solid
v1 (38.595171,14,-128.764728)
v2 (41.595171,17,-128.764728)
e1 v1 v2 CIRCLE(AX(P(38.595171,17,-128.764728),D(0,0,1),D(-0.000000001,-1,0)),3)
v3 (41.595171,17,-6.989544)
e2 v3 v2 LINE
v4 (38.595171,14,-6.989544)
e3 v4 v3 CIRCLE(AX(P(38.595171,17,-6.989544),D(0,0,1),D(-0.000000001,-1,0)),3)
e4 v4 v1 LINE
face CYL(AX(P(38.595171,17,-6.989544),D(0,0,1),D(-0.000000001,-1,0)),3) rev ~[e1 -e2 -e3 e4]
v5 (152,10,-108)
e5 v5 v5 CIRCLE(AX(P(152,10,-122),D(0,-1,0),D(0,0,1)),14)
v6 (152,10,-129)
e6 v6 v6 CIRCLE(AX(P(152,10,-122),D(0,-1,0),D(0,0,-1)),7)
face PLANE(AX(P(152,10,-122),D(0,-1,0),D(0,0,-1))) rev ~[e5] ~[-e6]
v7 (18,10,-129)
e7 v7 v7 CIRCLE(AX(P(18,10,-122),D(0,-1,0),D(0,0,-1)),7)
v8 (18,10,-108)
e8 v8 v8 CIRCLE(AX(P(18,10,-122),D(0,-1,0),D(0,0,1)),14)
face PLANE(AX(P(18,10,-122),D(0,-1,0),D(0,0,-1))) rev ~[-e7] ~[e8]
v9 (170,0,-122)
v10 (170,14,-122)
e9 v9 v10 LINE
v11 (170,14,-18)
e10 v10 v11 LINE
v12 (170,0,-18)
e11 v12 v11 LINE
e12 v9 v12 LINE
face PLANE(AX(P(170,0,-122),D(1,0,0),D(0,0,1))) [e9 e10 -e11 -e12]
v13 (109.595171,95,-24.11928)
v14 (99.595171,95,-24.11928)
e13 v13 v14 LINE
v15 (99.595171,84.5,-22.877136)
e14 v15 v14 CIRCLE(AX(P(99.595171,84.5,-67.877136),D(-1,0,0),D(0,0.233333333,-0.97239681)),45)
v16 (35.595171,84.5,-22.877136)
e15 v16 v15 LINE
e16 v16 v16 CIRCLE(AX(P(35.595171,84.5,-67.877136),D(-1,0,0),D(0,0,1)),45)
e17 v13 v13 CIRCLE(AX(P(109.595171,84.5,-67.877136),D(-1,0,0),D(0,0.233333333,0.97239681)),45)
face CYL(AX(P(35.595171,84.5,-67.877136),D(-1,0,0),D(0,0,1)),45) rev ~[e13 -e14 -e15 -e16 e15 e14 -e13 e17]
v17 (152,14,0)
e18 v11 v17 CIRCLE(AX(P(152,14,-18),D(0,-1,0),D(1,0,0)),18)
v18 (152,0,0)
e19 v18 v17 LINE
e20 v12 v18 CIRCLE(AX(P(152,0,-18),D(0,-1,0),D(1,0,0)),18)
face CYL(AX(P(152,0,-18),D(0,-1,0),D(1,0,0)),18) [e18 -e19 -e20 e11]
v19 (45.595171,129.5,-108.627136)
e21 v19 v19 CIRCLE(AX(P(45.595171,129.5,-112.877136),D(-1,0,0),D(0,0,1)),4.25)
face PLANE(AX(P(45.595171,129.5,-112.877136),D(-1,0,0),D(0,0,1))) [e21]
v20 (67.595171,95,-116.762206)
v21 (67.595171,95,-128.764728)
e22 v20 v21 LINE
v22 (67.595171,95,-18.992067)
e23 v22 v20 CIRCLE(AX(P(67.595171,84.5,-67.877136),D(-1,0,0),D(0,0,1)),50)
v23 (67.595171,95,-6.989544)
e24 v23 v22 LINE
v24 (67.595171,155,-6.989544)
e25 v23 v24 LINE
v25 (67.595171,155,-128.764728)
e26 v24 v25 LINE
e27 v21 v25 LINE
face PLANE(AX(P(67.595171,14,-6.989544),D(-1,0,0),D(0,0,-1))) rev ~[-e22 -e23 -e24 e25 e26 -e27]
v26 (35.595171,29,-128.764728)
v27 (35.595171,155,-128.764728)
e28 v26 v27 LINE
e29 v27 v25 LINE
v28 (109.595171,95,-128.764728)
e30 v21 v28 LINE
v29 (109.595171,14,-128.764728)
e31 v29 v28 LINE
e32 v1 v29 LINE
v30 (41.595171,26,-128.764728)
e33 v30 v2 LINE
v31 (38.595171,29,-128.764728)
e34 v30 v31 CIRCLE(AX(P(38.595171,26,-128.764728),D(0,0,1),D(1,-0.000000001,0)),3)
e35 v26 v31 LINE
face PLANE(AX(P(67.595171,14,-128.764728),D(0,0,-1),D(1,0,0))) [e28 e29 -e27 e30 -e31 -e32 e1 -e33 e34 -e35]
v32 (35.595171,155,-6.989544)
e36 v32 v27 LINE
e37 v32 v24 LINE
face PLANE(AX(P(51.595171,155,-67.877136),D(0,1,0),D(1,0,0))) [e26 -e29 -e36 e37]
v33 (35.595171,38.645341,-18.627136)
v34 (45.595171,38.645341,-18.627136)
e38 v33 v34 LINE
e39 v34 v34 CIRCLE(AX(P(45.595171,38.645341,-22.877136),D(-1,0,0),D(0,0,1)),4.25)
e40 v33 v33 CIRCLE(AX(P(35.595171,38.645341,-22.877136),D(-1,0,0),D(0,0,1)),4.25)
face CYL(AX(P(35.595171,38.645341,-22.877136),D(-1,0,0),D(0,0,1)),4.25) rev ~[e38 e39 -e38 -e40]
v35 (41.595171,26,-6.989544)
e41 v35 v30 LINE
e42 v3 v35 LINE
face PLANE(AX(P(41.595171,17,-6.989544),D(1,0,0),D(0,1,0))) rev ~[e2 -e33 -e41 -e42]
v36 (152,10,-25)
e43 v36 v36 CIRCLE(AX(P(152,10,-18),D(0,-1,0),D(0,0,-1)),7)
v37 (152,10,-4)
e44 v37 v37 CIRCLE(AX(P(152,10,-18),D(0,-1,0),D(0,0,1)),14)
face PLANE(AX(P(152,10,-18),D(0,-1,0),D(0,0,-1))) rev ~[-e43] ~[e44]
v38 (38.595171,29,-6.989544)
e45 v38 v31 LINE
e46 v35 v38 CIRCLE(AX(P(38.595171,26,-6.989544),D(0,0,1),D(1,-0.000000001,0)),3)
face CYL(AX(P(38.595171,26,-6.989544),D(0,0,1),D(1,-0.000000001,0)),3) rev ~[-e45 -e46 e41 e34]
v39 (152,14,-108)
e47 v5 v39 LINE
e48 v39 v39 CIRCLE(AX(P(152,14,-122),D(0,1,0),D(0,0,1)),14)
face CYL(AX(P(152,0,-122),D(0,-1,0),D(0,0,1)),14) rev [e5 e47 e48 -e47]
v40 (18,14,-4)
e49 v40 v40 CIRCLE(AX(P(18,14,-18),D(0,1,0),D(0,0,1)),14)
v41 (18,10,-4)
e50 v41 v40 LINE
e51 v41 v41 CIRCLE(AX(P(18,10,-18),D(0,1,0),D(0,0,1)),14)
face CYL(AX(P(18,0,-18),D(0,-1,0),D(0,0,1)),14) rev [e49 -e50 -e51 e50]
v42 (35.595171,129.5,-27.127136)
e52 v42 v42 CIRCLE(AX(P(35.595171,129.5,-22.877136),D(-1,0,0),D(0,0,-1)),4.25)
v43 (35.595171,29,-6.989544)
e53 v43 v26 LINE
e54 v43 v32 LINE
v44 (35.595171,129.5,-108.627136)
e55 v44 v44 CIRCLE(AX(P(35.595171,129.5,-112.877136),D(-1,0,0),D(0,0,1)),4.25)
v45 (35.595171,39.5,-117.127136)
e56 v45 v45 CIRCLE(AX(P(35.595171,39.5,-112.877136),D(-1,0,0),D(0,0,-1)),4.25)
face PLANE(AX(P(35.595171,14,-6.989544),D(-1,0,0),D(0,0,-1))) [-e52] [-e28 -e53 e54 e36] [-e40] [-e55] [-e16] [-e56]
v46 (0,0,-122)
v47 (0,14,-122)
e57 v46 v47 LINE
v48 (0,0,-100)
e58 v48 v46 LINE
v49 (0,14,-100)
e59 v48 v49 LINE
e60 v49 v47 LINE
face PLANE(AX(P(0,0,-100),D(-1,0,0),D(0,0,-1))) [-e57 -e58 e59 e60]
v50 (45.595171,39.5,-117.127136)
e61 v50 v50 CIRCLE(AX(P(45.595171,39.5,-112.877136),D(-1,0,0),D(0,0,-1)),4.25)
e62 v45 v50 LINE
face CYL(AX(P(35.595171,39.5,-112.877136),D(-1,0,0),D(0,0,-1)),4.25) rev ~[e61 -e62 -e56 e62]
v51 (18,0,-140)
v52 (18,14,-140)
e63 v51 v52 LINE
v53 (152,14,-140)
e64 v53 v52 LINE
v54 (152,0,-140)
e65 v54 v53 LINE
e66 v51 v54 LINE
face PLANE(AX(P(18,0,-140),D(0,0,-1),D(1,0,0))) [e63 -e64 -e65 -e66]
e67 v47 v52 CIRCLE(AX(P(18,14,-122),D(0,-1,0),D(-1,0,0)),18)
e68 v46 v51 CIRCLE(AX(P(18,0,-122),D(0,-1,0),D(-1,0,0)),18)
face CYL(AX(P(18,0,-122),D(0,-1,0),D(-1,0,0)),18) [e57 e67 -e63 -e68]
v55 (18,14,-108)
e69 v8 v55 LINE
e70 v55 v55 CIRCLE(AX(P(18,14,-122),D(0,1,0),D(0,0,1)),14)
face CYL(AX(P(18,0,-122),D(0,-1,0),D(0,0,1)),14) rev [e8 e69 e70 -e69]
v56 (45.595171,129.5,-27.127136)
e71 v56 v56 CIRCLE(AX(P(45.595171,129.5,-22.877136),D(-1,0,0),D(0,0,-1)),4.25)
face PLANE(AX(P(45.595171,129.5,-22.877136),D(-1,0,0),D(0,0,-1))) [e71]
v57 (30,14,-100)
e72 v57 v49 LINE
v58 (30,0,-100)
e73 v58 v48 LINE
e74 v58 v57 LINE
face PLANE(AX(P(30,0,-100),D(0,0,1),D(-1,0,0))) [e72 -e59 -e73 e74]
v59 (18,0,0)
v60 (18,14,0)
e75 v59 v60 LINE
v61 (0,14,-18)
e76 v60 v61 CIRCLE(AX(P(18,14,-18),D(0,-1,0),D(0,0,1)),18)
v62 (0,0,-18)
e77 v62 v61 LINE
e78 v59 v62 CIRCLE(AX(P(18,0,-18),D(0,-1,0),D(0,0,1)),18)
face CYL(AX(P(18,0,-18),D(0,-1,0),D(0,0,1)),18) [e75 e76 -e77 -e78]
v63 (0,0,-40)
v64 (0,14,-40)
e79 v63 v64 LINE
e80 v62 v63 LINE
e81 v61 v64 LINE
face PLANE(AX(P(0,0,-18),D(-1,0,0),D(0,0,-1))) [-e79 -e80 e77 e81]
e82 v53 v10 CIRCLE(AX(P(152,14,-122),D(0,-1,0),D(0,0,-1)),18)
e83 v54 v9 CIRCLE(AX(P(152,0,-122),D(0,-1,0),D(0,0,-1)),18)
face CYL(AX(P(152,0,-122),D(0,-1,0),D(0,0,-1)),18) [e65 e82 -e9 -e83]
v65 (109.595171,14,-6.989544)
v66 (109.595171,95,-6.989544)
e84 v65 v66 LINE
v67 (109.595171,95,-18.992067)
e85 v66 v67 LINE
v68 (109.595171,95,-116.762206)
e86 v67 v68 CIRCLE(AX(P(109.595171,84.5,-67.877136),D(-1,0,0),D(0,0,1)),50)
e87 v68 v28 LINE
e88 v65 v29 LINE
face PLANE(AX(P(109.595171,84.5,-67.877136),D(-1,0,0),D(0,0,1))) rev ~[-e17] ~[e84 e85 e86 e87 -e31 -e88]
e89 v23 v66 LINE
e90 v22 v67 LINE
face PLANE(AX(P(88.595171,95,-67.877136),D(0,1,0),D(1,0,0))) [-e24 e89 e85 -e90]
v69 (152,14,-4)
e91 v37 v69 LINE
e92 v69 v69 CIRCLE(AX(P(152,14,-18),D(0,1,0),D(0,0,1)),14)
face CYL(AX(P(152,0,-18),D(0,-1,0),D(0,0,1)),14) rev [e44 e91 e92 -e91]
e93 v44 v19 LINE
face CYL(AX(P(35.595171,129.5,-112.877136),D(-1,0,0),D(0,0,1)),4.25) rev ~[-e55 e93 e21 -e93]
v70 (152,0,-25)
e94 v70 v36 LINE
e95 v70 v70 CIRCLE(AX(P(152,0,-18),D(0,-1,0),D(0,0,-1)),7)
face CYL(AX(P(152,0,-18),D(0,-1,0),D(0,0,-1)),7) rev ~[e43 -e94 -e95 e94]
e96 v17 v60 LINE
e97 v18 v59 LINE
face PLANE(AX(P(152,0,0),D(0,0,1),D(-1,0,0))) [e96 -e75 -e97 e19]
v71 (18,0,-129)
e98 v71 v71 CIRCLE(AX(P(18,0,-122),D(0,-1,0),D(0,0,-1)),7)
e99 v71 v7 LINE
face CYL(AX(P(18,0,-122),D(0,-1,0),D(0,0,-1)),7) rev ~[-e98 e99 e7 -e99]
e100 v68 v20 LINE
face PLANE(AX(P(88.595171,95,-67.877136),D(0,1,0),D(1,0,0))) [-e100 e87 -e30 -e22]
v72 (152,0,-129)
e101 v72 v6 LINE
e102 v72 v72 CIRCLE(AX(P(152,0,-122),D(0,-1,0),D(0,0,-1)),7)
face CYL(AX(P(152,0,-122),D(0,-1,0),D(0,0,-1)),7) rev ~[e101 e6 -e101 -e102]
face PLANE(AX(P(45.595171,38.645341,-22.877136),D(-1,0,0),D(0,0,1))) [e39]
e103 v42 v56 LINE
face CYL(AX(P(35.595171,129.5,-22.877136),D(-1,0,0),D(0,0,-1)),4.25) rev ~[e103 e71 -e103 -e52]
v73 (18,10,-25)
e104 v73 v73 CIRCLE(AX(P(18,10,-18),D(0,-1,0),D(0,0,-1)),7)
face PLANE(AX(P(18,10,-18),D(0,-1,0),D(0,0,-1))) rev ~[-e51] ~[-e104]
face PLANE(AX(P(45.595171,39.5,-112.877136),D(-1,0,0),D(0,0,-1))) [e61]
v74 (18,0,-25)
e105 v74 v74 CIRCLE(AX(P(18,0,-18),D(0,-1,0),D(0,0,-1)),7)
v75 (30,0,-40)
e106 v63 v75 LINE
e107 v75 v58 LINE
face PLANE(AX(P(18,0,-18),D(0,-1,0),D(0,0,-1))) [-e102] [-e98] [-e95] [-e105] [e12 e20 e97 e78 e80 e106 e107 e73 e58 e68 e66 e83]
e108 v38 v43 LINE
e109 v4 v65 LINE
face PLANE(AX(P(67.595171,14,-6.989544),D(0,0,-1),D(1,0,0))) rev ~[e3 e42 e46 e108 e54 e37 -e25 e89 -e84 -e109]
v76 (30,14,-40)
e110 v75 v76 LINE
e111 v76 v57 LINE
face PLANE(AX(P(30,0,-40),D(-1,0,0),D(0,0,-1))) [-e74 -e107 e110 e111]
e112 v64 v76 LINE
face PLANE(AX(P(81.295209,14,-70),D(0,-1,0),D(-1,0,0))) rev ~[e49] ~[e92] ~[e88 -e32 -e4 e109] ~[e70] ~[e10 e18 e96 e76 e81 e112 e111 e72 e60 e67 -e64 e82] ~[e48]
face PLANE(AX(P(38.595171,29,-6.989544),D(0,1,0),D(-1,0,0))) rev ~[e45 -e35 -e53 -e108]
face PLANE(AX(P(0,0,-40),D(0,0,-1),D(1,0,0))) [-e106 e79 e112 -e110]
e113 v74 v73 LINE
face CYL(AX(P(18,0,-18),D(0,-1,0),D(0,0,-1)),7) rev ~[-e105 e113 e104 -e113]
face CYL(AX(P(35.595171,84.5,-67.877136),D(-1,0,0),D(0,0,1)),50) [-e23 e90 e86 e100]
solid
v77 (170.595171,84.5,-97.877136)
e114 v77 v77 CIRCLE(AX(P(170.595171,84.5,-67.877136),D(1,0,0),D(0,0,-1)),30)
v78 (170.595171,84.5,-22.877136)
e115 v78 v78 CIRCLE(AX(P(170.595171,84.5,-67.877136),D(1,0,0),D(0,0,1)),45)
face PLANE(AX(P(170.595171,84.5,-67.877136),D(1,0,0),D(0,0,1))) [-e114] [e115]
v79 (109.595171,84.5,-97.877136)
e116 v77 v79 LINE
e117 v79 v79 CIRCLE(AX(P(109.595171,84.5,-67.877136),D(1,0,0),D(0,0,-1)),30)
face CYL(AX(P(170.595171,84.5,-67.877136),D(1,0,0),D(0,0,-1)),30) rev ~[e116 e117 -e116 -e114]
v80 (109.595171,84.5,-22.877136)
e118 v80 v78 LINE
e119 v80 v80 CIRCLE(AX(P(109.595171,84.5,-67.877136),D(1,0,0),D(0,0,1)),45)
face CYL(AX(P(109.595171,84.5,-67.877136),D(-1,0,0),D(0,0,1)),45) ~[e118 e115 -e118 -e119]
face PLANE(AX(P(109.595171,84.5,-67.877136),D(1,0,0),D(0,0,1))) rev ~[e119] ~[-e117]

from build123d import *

# Parameters (mm, degrees)
SKETCH1_R            = 14
BOSS_EXTRUDE2_DEPTH  = 14
SKETCH5_W            = 32
SKETCH5_H            = 121.775184507
BOSS_EXTRUDE4_DEPTH  = 141
SKETCH7_W            = 42
SKETCH7_H            = 121.775184507
BOSS_EXTRUDE5_DEPTH  = 81
SKETCH8_R            = 45
CUT_EXTRUDE1_DEPTH   = 81
SKETCH9_R            = 50
CUT_EXTRUDE2_DEPTH   = 64
SKETCH10_R           = 50
SKETCH10_R_2         = 45
BOSS_EXTRUDE7_DEPTH  = 74
SKETCH12_R           = 45
BOSS_EXTRUDE8_DEPTH  = 61
SKETCH14_R           = 30
CUT_EXTRUDE3_DEPTH   = 108
CUT_EXTRUDE10_DEPTH  = 151
SKETCH21_R           = 4.25
CUT_EXTRUDE11_DEPTH  = 10
SKETCH22_R           = 14
SKETCH22_R_2         = 7
BOSS_EXTRUDE11_DEPTH = 10


with BuildPart() as part:
    # Sketch1 → Boss-Extrude2 (new body)
    with BuildSketch(Plane(origin=(0, 0, 0), x_dir=(1, 0, 0), z_dir=(0, 1, 0))):
        with BuildLine():
            ThreePointArc((152, 140), (164.727922061, 134.727922061), (170, 122))
            Line((170, 122), (170, 18))
            ThreePointArc((170, 18), (164.727922061, 5.272077939), (152, 0))
            Line((152, 0), (18, 0))
            ThreePointArc((18, 0), (5.272077939, 5.272077939), (0, 18))
            Line((0, 18), (0, 40))
            Line((0, 40), (30, 40))
            Line((30, 40), (30, 100))
            Line((30, 100), (0, 100))
            Line((0, 100), (0, 122))
            ThreePointArc((0, 122), (5.272077939, 134.727922061), (18, 140))
            Line((18, 140), (152, 140))
        make_face()
        with Locations(Location((18, 18, 0), (0, 0, 270))):
            Circle(SKETCH1_R, mode=Mode.SUBTRACT)
        with Locations(Location((152, 18, 0), (0, 0, 270))):
            Circle(SKETCH1_R, mode=Mode.SUBTRACT)
        with Locations(Location((152, 122, 0), (0, 0, 270))):
            Circle(SKETCH1_R, mode=Mode.SUBTRACT)
        with Locations(Location((18, 122, 0), (0, 0, 270))):
            Circle(SKETCH1_R, mode=Mode.SUBTRACT)
    extrude(amount=BOSS_EXTRUDE2_DEPTH)

    # Sketch5 → Boss-Extrude4 (add)
    with BuildSketch(Plane(origin=(0, 14, 0), x_dir=(1, 0, 0), z_dir=(0, 1, 0))):
        with Locations((51.595170786, 67.877136245)):
            Rectangle(SKETCH5_W, SKETCH5_H)
    extrude(amount=BOSS_EXTRUDE4_DEPTH)

    # Sketch7 → Boss-Extrude5 (add)
    with BuildSketch(Plane(origin=(0, 14, 0), x_dir=(1, 0, 0), z_dir=(0, 1, 0))):
        with Locations((88.595170786, 67.877136245)):
            Rectangle(SKETCH7_W, SKETCH7_H)
    extrude(amount=BOSS_EXTRUDE5_DEPTH)

    # Sketch8 → Cut-Extrude1 (cut)
    with BuildSketch(Plane.ZY.offset(-35.595170786)):
        with Locations((-67.877136245, 84.5)):
            Circle(SKETCH8_R)
    extrude(amount=-CUT_EXTRUDE1_DEPTH, mode=Mode.SUBTRACT)

    # Sketch9 → Cut-Extrude2 (cut)
    with BuildSketch(Plane.ZY.offset(-35.595170786)):
        with Locations((-67.877136245, 84.5)):
            Circle(SKETCH9_R)
    extrude(amount=-CUT_EXTRUDE2_DEPTH, mode=Mode.SUBTRACT)

    # Sketch10 → Boss-Extrude7 (add)
    with BuildSketch(Plane.ZY.offset(-35.595170786)):
        with Locations((-67.877136245, 84.5)):
            Circle(SKETCH10_R)
        with Locations((-67.877136245, 84.5)):
            Circle(SKETCH10_R_2, mode=Mode.SUBTRACT)
    extrude(amount=-BOSS_EXTRUDE7_DEPTH)

    # Sketch16 → Cut-Extrude10 (cut)
    with BuildSketch(Plane.XY.offset(-6.989543991)):
        with BuildLine():
            Line((41.595170786, 17), (41.595170786, 26))
            ThreePointArc((41.595170786, 26), (40.71649113, 28.121320344), (38.595170786, 29))
            Line((38.595170786, 29), (35.595170786, 29))
            Line((35.595170786, 29), (35.595170786, 14))
            Line((35.595170786, 14), (38.595170786, 14))
            ThreePointArc((38.595170786, 14), (40.71649113, 14.878679656), (41.595170786, 17))
        make_face()
    extrude(amount=-CUT_EXTRUDE10_DEPTH, mode=Mode.SUBTRACT)

    # Sketch21 → Cut-Extrude11 (cut)
    with BuildSketch(Plane.ZY.offset(-35.595170786)):
        with Locations((-112.877136245, 129.5)):
            Circle(SKETCH21_R)
        with Locations(Location((-112.877136245, 39.5, 0), (0, 0, 180))):
            Circle(SKETCH21_R)
        with Locations((-22.877136245, 38.645340566)):
            Circle(SKETCH21_R)
        with Locations(Location((-22.877136245, 129.5, 0), (0, 0, 180))):
            Circle(SKETCH21_R)
    extrude(amount=-CUT_EXTRUDE11_DEPTH, mode=Mode.SUBTRACT)

    # Sketch22 → Boss-Extrude11 (add)
    # profile 1 of 4: a face of its own
    with BuildSketch(Plane.XZ):
        with Locations(Location((18, -18, 0), (0, 0, 270))):
            Circle(SKETCH22_R)
        with Locations(Location((18, -18, 0), (0, 0, 270))):
            Circle(SKETCH22_R_2, mode=Mode.SUBTRACT)
    # profile 2 of 4: a face of its own
    with BuildSketch(Plane.XZ):
        with Locations(Location((152, -18, 0), (0, 0, 270))):
            Circle(SKETCH22_R)
        with Locations(Location((152, -18, 0), (0, 0, 270))):
            Circle(SKETCH22_R_2, mode=Mode.SUBTRACT)
    # profile 3 of 4: a face of its own
    with BuildSketch(Plane.XZ):
        with Locations(Location((18, -122, 0), (0, 0, 270))):
            Circle(SKETCH22_R)
        with Locations(Location((18, -122, 0), (0, 0, 270))):
            Circle(SKETCH22_R_2, mode=Mode.SUBTRACT)
    # profile 4 of 4: a face of its own
    with BuildSketch(Plane.XZ):
        with Locations(Location((152, -122, 0), (0, 0, 270))):
            Circle(SKETCH22_R)
        with Locations(Location((152, -122, 0), (0, 0, 270))):
            Circle(SKETCH22_R_2, mode=Mode.SUBTRACT)
    extrude(amount=-BOSS_EXTRUDE11_DEPTH)


with BuildPart() as body_2:
    # Sketch12 → Boss-Extrude8 (new body)
    with BuildSketch(Plane(origin=(109.595170786, 0, 0), x_dir=(0, 0, -1), z_dir=(1, 0, 0))):
        with Locations(Location((67.877136245, 84.5, 0), (0, 0, 180))):
            Circle(SKETCH12_R)
    extrude(amount=BOSS_EXTRUDE8_DEPTH)

    # Sketch14 → Cut-Extrude3 (cut)
    with BuildSketch(Plane(origin=(170.595170786, 0, 0), x_dir=(0, 0, -1), z_dir=(1, 0, 0))):
        with Locations((67.877136245, 84.5)):
            Circle(SKETCH14_R)
    extrude(amount=-CUT_EXTRUDE3_DEPTH, mode=Mode.SUBTRACT)


solid = Compound([part.part, body_2.part])
